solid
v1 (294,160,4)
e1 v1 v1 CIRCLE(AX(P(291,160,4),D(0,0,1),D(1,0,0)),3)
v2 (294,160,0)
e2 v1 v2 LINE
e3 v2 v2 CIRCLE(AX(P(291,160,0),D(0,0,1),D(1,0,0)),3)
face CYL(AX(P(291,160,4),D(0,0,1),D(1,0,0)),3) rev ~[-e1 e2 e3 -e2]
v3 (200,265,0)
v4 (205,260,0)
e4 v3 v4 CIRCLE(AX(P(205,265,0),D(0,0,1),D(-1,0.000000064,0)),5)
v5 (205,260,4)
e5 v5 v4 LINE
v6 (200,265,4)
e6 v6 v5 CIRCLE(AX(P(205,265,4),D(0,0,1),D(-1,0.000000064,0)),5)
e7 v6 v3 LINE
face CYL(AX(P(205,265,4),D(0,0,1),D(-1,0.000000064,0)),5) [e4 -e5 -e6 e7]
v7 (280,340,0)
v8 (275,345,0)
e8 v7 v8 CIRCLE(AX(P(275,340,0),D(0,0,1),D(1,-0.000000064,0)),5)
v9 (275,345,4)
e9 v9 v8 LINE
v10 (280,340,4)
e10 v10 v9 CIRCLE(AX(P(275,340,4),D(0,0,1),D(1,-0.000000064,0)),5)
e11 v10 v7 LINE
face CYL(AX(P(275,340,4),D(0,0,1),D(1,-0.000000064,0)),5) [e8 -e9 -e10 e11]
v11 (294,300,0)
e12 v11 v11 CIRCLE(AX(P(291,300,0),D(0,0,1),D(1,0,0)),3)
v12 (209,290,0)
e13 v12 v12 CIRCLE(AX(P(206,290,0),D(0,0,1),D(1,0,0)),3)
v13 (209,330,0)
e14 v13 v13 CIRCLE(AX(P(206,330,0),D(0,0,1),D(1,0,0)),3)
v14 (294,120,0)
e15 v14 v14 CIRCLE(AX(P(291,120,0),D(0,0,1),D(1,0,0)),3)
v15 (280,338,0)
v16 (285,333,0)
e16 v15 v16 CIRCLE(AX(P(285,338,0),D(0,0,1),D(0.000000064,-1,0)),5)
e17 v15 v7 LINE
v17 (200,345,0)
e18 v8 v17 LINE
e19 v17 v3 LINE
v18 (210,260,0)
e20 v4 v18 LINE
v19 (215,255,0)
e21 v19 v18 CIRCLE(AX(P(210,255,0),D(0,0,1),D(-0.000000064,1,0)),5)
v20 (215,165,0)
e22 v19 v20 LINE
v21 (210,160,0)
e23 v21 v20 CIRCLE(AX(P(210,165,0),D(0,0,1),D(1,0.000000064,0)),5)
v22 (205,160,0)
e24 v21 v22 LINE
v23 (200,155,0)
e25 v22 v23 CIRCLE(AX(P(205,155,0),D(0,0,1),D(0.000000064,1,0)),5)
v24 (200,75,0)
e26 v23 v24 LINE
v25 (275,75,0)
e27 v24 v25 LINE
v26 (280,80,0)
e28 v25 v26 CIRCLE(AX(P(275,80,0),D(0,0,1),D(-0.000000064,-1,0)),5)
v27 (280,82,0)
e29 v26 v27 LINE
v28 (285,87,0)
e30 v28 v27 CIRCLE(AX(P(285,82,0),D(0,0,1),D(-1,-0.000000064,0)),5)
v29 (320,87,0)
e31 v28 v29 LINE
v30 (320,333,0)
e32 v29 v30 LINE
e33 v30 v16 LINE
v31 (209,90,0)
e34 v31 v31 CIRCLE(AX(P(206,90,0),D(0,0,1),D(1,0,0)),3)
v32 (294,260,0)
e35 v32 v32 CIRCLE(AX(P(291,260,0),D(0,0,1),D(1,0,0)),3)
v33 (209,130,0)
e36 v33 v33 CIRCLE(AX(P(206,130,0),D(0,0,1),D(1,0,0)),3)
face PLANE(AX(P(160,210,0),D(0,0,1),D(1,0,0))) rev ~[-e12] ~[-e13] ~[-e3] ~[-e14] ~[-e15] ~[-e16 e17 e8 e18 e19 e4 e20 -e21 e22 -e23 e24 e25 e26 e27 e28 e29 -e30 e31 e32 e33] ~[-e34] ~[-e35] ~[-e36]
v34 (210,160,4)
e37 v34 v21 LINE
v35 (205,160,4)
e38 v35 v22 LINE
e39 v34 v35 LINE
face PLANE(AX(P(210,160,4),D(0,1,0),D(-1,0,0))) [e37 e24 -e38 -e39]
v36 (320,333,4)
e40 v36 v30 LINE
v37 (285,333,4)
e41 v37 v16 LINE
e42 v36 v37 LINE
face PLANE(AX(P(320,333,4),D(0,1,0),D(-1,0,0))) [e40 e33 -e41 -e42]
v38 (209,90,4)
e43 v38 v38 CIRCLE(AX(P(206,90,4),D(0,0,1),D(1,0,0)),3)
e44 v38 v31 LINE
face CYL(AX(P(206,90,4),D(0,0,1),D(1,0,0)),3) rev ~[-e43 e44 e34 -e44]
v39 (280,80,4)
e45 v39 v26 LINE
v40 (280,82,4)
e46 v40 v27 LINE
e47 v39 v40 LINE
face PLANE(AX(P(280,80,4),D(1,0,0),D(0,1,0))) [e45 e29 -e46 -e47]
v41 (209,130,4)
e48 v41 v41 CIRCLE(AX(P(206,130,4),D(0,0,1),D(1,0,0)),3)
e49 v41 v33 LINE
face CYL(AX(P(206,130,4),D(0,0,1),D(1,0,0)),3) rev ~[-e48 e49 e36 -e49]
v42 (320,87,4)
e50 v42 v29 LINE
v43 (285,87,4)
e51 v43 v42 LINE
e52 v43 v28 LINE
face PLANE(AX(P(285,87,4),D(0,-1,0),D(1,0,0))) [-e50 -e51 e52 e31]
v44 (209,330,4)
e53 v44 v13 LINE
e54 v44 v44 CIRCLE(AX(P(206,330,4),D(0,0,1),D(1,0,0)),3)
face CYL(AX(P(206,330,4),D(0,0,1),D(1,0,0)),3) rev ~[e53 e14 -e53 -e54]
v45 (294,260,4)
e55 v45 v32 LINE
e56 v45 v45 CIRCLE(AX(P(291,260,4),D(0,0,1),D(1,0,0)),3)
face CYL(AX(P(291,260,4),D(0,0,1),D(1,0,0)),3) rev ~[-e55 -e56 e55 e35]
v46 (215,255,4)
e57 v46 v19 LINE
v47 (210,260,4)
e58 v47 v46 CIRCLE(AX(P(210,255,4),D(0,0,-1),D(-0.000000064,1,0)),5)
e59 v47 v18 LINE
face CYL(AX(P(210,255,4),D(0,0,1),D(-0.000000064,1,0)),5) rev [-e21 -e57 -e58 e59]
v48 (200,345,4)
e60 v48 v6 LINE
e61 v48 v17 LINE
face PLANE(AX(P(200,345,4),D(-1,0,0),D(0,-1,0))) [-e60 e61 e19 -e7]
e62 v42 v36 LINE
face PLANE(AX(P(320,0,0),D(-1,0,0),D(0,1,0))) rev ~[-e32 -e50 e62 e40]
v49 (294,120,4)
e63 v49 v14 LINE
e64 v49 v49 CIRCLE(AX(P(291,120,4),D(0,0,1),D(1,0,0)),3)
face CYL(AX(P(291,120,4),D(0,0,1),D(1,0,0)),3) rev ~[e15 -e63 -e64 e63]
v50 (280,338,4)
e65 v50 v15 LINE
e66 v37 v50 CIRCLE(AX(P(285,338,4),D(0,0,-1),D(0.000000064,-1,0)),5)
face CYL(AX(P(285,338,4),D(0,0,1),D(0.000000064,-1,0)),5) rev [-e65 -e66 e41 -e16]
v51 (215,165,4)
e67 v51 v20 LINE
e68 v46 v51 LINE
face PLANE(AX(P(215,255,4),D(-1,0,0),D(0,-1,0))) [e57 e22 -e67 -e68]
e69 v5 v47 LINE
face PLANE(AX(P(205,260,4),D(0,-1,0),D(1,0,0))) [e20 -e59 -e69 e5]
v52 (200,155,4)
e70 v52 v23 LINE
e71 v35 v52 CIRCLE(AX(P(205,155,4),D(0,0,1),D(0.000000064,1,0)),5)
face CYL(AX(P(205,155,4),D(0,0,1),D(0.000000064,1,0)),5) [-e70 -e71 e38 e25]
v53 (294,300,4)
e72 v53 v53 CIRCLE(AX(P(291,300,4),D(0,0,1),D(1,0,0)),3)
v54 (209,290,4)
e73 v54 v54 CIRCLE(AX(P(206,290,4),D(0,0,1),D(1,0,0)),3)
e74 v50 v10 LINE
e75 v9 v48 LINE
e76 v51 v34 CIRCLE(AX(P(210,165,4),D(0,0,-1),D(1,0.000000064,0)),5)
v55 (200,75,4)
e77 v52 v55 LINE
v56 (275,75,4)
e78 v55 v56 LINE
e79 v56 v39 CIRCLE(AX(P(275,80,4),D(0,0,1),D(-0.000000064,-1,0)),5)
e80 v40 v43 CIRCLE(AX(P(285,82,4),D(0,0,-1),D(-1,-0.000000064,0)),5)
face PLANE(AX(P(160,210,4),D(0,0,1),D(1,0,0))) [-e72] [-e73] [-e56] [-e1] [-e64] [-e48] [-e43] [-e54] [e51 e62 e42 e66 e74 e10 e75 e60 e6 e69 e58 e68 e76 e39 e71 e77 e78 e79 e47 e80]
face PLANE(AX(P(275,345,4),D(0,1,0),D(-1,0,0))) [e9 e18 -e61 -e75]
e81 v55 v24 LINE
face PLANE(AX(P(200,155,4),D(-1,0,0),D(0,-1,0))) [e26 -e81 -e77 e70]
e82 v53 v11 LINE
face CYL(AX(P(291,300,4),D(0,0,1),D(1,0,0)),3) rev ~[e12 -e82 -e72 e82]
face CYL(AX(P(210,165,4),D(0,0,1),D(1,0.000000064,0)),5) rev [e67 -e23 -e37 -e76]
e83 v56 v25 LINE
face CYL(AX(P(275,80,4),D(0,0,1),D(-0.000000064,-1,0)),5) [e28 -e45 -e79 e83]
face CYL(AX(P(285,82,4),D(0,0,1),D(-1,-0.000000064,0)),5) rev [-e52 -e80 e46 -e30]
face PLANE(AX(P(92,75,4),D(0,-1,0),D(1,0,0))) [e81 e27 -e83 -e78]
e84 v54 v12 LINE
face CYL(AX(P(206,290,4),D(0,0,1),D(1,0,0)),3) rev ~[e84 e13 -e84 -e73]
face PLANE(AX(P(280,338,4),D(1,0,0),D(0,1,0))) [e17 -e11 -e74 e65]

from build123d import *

# Parameters (mm, degrees)
F0_W      = 320
F0_H      = 420
F1_DEPTH  = 4
F3_DEPTH  = 4
F4_R      = 3
F5_DEPTH  = 25
F6_R      = 3
F7_DEPTH  = 25
F8_R      = 3
F9_DEPTH  = 25
F11_DEPTH = 25
F13_DEPTH = 25


with BuildPart() as f1:
    # F0 (on Top) → F1 (new body)
    with BuildSketch(Plane.XY):
        with Locations((160, 210)):
            Rectangle(F0_W, F0_H)
    extrude(amount=F1_DEPTH)

    # F2 (on face) → F3 (cut, through all)
    with BuildSketch(Plane.XY.offset(4)):
        Polygon((320, 420), (290, 420), (320, 360), align=None)
        Polygon((320, 60), (290, 0), (320, 0), align=None)
        with BuildLine():
            Line((113, 360), (213, 360))
            ThreePointArc((213, 360), (216.535534, 361.464466), (218, 365))
            Line((218, 365), (218, 403))
            ThreePointArc((218, 403), (216.535534, 406.535534), (213, 408))
            Line((213, 408), (113, 408))
            ThreePointArc((113, 408), (109.464466, 406.535534), (108, 403))
            Line((108, 403), (108, 365))
            ThreePointArc((108, 365), (109.464466, 361.464466), (113, 360))
        make_face()
        with BuildLine():
            Line((113, 12), (213, 12))
            ThreePointArc((213, 12), (216.535534, 13.464466), (218, 17))
            Line((218, 17), (218, 55))
            ThreePointArc((218, 55), (216.535534, 58.535534), (213, 60))
            Line((213, 60), (113, 60))
            ThreePointArc((113, 60), (109.464466, 58.535534), (108, 55))
            Line((108, 55), (108, 17))
            ThreePointArc((108, 17), (109.464466, 13.464466), (113, 12))
        make_face()
        Polygon((0, 420), (0, 210), (50, 420), align=None)
        Polygon((50, 0), (0, 210), (0, 0), align=None)
    extrude(amount=-F3_DEPTH, mode=Mode.SUBTRACT)

    # F4 (on face) → F5 (cut)
    with BuildSketch(Plane.XY.offset(4)):
        with Locations((67, 6)):
            Circle(F4_R)
        with Locations((97, 6)):
            Circle(F4_R)
        with Locations((127, 6)):
            Circle(F4_R)
        with Locations((157, 6)):
            Circle(F4_R)
        with Locations((187, 6)):
            Circle(F4_R)
        with Locations((217, 6)):
            Circle(F4_R)
        with Locations((247, 6)):
            Circle(F4_R)
        with Locations((277, 6)):
            Circle(F4_R)
        with Locations((64, 66)):
            Circle(F4_R)
        with Locations((94, 66)):
            Circle(F4_R)
        with Locations((124, 66)):
            Circle(F4_R)
        with Locations((220, 66)):
            Circle(F4_R)
        with Locations((250, 66)):
            Circle(F4_R)
        with Locations((280, 66)):
            Circle(F4_R)
        with Locations((310, 66)):
            Circle(F4_R)
        with Locations((67, 414)):
            Circle(F4_R)
        with Locations((64, 354)):
            Circle(F4_R)
        with Locations((97, 414)):
            Circle(F4_R)
        with Locations((310, 354)):
            Circle(F4_R)
        with Locations((277, 414)):
            Circle(F4_R)
        with Locations((94, 354)):
            Circle(F4_R)
        with Locations((220, 354)):
            Circle(F4_R)
        with Locations((280, 354)):
            Circle(F4_R)
        with Locations((124, 354)):
            Circle(F4_R)
        with Locations((127, 414)):
            Circle(F4_R)
        with Locations((250, 354)):
            Circle(F4_R)
        with Locations((157, 414)):
            Circle(F4_R)
        with Locations((187, 414)):
            Circle(F4_R)
        with Locations((217, 414)):
            Circle(F4_R)
        with Locations((247, 414)):
            Circle(F4_R)
    extrude(amount=-F5_DEPTH, mode=Mode.SUBTRACT)

    # F6 (on face) → F7 (cut)
    with BuildSketch(Plane.XY.offset(4)):
        with Locations((121, 90)):
            Circle(F6_R)
        with Locations((121, 130)):
            Circle(F6_R)
        with Locations((121, 170)):
            Circle(F6_R)
        with Locations((206, 90)):
            Circle(F6_R)
        with Locations((206, 130)):
            Circle(F6_R)
        with Locations((206, 170)):
            Circle(F6_R)
        with Locations((291, 80)):
            Circle(F6_R)
        with Locations((291, 120)):
            Circle(F6_R)
        with Locations((291, 160)):
            Circle(F6_R)
        with Locations((121, 330)):
            Circle(F6_R)
        with Locations((121, 290)):
            Circle(F6_R)
        with Locations((206, 330)):
            Circle(F6_R)
        with Locations((206, 250)):
            Circle(F6_R)
        with Locations((291, 340)):
            Circle(F6_R)
        with Locations((121, 250)):
            Circle(F6_R)
        with Locations((206, 290)):
            Circle(F6_R)
        with Locations((291, 300)):
            Circle(F6_R)
        with Locations((291, 260)):
            Circle(F6_R)
    extrude(amount=-F7_DEPTH, mode=Mode.SUBTRACT)

    # F8 (on face) → F9 (cut)
    with BuildSketch(Plane.XY.offset(4)):
        with Locations((15, 210)):
            Circle(F8_R)
        with Locations((45, 210)):
            Circle(F8_R)
    extrude(amount=-F9_DEPTH, mode=Mode.SUBTRACT)

    # F10 (on face) → F11 (intersect)
    with BuildSketch(Plane.XY.offset(4)):
        with BuildLine():
            Line((87, 350), (87, 355))
            ThreePointArc((87, 355), (85.535534, 358.535534), (82, 360))
            Line((82, 360), (57, 360))
            ThreePointArc((57, 360), (53.464466, 358.535534), (52, 355))
            Line((52, 355), (52, 340))
            ThreePointArc((52, 340), (50.535534, 336.464466), (47, 335))
            Line((47, 335), (0, 335))
            Line((0, 335), (0, 210))
            Line((0, 210), (0, 85))
            Line((0, 85), (47, 85))
            ThreePointArc((47, 85), (50.535534, 83.535534), (52, 80))
            Line((52, 80), (52, 65))
            ThreePointArc((52, 65), (53.464466, 61.464466), (57, 60))
            Line((57, 60), (82, 60))
            ThreePointArc((82, 60), (85.535534, 61.464466), (87, 65))
            Line((87, 65), (87, 70))
            ThreePointArc((87, 70), (88.464466, 73.535534), (92, 75))
            Line((92, 75), (275, 75))
            ThreePointArc((275, 75), (278.535534, 76.464466), (280, 80))
            Line((280, 80), (280, 82))
            ThreePointArc((280, 82), (281.464466, 85.535534), (285, 87))
            Line((285, 87), (320, 87))
            Line((320, 87), (320, 210))
            Line((320, 210), (320, 333))
            Line((320, 333), (285, 333))
            ThreePointArc((285, 333), (281.464466, 334.464466), (280, 338))
            Line((280, 338), (280, 340))
            ThreePointArc((280, 340), (278.535534, 343.535534), (275, 345))
            Line((275, 345), (92, 345))
            ThreePointArc((92, 345), (88.464466, 346.464466), (87, 350))
        make_face()
    extrude(amount=-F11_DEPTH, mode=Mode.INTERSECT)

    # F12 (on face) → F13 (intersect)
    with BuildSketch(Plane.XY.offset(4)):
        with BuildLine():
            Line((320, 75), (320, 345))
            Line((320, 345), (200, 345))
            Line((200, 345), (200, 265))
            ThreePointArc((200, 265), (201.464466, 261.464466), (205, 260))
            Line((205, 260), (210, 260))
            ThreePointArc((210, 260), (213.535534, 258.535534), (215, 255))
            Line((215, 255), (215, 165))
            ThreePointArc((215, 165), (213.535534, 161.464466), (210, 160))
            Line((210, 160), (205, 160))
            ThreePointArc((205, 160), (201.464466, 158.535534), (200, 155))
            Line((200, 155), (200, 75))
            Line((200, 75), (320, 75))
        make_face()
    extrude(amount=-F13_DEPTH, mode=Mode.INTERSECT)


solid = f1.part
